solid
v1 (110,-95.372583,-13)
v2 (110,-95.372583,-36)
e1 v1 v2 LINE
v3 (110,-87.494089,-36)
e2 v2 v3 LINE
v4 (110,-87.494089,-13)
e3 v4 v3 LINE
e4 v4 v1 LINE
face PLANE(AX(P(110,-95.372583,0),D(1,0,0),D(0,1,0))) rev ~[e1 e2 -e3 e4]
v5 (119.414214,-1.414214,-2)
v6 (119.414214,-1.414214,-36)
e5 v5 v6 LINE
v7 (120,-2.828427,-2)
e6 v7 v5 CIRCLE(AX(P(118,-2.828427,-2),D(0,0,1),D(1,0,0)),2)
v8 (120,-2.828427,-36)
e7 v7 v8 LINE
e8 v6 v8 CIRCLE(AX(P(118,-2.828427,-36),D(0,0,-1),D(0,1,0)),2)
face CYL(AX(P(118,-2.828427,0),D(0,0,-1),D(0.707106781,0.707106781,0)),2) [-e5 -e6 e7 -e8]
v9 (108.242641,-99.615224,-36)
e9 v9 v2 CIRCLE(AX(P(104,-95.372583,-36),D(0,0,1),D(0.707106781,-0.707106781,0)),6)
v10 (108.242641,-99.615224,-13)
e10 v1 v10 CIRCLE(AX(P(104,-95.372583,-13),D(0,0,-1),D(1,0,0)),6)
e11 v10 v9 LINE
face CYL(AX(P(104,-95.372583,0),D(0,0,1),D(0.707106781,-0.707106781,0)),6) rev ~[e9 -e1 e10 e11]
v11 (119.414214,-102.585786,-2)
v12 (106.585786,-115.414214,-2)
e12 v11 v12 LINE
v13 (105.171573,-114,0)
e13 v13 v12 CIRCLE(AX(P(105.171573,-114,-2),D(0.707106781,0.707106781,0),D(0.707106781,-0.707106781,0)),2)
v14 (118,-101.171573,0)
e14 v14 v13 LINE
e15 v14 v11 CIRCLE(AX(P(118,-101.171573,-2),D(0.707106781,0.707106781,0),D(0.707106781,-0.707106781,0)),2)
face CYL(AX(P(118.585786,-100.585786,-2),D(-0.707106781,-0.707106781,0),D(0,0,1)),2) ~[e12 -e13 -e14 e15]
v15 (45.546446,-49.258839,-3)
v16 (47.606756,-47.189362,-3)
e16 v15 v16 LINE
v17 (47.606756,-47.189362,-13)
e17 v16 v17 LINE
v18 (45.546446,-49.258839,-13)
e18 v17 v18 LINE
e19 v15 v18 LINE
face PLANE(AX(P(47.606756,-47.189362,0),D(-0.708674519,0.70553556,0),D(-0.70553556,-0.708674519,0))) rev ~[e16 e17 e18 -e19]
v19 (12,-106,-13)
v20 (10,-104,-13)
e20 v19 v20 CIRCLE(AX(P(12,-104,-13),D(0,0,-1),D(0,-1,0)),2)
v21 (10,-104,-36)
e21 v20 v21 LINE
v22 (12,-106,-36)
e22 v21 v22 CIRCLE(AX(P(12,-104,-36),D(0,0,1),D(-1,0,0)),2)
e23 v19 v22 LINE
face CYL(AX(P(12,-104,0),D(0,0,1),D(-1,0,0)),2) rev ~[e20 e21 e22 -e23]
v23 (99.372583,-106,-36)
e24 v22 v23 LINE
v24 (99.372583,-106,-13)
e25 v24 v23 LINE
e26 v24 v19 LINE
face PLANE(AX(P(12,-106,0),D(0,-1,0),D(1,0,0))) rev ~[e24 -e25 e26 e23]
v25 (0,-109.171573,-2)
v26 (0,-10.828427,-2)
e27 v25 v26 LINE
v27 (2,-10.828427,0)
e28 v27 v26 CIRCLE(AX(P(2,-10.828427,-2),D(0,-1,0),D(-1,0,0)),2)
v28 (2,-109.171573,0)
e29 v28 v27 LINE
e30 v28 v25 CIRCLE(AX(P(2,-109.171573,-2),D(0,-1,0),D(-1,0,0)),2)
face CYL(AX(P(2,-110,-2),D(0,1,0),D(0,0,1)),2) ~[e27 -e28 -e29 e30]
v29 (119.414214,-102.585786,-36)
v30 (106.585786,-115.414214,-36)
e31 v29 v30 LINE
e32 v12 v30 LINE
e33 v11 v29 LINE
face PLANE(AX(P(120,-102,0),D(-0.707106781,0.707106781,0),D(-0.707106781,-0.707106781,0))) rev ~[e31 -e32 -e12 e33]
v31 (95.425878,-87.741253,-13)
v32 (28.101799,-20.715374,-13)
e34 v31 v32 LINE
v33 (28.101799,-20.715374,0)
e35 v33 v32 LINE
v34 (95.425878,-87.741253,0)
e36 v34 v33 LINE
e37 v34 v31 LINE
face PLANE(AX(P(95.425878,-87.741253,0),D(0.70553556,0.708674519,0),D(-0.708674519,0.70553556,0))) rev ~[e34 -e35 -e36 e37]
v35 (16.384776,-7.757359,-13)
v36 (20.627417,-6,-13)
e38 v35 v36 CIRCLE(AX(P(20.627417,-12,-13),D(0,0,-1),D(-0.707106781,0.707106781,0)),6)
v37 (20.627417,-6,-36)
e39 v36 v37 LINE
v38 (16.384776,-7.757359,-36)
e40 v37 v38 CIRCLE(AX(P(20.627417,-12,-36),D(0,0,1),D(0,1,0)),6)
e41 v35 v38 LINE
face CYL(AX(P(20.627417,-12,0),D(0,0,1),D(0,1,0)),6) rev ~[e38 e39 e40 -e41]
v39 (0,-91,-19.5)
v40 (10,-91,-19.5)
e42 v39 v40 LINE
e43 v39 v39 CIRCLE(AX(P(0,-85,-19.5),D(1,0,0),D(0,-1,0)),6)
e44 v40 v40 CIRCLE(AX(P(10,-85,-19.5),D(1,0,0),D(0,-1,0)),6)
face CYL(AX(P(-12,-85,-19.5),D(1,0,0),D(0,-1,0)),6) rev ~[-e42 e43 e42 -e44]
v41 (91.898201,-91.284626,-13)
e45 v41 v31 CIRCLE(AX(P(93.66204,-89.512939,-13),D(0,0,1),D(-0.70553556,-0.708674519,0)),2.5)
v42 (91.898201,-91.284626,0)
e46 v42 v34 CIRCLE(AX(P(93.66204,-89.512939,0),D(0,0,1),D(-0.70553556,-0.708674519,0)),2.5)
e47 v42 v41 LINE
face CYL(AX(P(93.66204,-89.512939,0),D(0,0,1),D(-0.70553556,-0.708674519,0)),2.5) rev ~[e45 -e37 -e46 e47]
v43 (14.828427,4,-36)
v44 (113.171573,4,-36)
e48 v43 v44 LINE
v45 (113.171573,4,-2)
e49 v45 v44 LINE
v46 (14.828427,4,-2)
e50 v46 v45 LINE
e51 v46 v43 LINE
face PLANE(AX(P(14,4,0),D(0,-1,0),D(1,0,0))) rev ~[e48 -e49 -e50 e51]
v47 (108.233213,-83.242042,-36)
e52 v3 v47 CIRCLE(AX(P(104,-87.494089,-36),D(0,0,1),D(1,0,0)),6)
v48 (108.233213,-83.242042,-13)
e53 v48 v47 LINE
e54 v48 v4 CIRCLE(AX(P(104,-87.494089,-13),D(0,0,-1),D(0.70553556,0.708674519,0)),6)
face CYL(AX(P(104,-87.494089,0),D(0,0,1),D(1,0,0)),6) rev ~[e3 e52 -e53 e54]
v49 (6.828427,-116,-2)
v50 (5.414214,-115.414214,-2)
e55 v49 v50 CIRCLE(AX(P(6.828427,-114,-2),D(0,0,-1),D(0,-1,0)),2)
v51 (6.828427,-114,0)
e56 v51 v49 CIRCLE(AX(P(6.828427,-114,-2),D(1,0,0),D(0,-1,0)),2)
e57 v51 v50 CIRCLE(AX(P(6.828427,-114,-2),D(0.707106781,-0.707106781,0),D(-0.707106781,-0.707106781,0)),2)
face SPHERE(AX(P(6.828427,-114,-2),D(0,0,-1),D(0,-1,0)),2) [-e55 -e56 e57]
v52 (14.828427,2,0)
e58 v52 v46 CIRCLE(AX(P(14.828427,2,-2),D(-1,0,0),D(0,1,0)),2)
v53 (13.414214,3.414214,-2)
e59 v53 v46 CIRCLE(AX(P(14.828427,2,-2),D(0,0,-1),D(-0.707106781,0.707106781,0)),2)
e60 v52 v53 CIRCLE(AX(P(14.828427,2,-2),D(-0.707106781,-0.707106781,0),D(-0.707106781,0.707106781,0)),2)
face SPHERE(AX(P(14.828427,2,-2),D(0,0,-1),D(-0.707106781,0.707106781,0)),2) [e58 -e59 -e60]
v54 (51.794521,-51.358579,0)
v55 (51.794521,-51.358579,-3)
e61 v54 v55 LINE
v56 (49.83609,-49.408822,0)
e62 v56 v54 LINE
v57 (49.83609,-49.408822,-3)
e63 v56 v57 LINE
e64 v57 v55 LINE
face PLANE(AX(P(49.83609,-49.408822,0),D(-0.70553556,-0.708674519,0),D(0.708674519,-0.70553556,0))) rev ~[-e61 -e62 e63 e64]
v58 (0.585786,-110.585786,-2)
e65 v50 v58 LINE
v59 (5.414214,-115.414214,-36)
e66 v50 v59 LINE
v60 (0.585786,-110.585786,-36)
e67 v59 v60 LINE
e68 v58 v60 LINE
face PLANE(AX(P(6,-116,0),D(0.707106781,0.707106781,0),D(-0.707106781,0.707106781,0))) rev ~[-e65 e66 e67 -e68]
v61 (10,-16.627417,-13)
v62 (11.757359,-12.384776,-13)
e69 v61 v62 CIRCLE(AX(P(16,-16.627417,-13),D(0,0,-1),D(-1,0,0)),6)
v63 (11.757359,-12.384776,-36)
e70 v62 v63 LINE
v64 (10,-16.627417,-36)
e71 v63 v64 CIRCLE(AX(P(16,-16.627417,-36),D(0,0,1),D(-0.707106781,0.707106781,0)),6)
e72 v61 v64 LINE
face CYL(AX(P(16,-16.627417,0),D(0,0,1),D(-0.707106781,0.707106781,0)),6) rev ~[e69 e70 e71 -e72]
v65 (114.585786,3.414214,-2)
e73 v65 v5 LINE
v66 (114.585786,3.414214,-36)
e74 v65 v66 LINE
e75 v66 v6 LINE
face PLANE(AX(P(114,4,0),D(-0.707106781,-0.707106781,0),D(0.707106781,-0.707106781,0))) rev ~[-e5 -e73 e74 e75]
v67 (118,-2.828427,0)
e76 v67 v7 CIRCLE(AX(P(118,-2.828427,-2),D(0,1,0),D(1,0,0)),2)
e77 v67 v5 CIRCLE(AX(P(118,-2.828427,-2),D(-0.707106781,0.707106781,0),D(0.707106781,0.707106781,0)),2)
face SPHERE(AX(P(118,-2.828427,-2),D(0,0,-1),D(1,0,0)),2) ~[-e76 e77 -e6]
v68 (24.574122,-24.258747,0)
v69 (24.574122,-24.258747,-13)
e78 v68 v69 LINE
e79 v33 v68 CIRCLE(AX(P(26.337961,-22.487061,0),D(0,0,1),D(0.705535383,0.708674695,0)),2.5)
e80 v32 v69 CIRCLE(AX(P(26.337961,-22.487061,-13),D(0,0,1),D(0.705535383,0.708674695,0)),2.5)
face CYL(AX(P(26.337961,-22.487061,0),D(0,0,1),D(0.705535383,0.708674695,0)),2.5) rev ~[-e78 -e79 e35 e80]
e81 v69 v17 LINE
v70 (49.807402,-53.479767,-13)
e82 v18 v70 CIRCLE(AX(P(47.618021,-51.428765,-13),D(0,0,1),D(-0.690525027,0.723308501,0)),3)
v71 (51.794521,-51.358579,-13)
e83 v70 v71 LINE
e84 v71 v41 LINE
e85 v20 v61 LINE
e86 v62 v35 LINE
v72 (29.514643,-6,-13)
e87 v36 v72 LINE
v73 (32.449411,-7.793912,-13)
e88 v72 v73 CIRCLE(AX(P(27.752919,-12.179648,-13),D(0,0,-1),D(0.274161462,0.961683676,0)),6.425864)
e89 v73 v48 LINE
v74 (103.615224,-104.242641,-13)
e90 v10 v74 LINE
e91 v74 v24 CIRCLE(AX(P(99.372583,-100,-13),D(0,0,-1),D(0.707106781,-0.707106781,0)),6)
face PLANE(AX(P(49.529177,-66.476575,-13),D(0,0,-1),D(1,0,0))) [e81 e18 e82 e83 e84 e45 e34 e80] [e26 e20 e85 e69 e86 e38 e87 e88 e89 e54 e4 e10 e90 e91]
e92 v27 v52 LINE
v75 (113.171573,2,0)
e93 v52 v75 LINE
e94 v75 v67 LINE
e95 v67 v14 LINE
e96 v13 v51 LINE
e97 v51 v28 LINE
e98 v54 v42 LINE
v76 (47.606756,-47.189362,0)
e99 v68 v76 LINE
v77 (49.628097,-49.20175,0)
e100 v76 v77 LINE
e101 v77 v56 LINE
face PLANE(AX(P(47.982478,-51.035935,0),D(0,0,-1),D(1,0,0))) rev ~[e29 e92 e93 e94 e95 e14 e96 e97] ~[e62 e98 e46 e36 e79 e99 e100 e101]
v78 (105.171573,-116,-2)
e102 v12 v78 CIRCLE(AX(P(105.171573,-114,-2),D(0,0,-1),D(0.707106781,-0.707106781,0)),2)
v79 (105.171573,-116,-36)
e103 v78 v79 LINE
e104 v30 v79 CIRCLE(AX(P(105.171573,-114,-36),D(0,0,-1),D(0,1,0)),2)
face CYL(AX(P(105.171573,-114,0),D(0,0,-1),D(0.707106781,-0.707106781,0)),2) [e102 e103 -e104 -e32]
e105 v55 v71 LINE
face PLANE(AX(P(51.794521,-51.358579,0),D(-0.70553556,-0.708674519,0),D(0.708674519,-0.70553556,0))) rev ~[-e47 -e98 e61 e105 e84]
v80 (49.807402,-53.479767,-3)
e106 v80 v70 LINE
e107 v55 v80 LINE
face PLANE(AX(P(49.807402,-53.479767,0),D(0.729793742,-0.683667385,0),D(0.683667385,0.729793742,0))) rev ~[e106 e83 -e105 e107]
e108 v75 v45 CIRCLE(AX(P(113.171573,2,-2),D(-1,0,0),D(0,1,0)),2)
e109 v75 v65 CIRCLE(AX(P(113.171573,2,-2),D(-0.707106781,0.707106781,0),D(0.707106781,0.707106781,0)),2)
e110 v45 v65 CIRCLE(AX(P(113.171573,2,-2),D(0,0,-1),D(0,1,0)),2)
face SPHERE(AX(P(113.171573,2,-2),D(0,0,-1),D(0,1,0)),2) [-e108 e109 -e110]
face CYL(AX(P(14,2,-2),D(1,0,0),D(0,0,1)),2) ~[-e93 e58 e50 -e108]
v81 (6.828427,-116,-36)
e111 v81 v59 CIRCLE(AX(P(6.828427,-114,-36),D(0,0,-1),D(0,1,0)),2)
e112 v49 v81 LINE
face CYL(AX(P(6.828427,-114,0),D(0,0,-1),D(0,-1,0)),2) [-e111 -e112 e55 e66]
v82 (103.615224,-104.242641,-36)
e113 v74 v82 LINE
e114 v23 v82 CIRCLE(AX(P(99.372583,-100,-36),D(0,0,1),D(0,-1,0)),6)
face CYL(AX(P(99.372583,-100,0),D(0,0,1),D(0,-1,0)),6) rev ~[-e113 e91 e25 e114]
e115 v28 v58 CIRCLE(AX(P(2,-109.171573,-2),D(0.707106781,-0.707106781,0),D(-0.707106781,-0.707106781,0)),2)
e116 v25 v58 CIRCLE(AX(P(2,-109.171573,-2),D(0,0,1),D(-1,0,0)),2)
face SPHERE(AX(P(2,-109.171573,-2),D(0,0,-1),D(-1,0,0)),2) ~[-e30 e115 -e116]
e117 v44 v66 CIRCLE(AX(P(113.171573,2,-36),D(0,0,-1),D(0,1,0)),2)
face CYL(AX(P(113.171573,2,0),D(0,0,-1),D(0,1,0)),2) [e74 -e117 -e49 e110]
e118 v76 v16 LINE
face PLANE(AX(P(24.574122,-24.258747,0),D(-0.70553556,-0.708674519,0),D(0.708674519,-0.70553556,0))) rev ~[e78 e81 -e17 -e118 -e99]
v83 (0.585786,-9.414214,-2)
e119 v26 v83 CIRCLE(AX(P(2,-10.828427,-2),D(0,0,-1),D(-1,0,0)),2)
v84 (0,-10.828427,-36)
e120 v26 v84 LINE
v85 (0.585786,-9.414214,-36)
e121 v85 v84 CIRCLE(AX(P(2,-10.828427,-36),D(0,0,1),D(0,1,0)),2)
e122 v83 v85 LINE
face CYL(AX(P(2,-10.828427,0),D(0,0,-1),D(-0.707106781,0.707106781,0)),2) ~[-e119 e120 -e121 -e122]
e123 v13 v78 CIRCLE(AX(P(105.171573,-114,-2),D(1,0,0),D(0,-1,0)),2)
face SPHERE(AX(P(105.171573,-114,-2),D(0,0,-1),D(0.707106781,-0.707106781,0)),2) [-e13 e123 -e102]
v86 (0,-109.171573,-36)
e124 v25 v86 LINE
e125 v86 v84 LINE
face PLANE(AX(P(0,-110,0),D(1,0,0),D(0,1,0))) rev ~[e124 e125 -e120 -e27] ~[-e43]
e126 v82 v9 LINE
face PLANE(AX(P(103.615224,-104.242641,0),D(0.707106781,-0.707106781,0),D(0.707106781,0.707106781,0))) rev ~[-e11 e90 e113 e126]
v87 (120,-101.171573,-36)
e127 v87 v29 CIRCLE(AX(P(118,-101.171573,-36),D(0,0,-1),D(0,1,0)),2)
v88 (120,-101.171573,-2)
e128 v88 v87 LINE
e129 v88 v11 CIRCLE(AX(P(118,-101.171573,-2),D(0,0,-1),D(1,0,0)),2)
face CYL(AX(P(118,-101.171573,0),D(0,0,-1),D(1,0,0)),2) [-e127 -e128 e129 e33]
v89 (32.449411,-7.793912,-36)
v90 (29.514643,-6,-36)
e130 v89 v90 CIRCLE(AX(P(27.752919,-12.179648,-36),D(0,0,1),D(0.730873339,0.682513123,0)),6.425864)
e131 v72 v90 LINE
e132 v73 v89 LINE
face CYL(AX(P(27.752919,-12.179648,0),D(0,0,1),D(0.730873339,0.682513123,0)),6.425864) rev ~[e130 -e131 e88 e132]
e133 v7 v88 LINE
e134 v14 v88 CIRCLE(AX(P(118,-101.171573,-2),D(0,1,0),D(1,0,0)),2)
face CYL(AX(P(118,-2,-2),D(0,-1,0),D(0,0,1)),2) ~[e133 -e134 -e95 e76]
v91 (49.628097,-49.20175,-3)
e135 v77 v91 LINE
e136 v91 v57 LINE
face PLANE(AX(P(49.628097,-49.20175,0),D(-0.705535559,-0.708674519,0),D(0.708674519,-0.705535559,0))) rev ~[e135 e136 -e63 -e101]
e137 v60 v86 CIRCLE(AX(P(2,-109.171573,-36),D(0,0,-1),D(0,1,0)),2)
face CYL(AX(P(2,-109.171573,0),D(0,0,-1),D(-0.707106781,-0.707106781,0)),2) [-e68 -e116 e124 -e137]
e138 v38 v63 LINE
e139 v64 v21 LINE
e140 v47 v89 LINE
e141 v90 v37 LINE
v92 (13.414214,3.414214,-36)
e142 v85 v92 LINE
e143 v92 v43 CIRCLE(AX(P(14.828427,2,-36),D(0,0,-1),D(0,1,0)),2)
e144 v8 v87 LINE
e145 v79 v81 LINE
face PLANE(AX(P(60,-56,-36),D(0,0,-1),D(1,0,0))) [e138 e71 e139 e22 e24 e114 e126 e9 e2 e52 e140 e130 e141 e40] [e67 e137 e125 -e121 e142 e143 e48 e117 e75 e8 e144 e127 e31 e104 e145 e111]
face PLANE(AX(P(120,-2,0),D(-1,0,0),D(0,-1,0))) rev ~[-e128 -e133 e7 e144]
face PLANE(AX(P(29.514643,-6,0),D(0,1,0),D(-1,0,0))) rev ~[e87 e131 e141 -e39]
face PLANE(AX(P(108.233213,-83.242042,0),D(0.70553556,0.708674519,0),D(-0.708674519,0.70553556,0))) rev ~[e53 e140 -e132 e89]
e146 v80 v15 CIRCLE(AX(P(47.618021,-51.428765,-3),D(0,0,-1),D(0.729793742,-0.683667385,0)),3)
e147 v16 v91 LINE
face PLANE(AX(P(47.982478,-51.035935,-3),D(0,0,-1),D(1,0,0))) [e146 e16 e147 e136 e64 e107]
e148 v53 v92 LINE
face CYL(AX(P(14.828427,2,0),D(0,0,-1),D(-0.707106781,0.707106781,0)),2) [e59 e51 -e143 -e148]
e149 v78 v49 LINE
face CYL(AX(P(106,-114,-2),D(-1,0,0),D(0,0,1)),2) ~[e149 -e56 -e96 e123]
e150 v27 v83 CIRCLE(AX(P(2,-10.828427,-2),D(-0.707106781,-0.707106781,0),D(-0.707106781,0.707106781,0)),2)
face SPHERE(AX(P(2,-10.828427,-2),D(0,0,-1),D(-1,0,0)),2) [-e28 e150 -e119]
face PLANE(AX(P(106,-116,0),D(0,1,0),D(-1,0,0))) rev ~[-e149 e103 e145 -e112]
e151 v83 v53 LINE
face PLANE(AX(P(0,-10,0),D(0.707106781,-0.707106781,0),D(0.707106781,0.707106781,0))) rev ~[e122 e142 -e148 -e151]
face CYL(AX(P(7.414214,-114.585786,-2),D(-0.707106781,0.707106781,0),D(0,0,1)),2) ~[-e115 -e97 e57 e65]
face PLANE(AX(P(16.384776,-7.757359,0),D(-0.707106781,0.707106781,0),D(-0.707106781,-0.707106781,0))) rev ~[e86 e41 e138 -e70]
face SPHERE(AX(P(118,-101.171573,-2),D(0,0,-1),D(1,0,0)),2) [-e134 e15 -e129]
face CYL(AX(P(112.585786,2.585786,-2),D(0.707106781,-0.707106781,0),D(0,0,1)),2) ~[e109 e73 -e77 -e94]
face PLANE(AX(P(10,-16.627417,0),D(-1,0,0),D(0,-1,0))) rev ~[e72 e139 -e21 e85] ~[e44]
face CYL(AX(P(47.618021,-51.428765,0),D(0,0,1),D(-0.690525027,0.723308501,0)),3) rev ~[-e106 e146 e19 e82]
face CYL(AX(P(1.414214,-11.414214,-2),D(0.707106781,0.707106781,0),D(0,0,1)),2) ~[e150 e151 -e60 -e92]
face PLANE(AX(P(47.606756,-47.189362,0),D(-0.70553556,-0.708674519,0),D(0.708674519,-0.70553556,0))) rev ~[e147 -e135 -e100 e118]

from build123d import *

# Parameters (mm, degrees)
F1_DEPTH = 13
F2_DEPTH = 36
F3_DEPTH = 3
F4_R     = 2
F6_D     = 12
F6_DEPTH = 12
F6_TIP   = 3.6051637142
F7_ANGLE = 180


with BuildPart() as f1:
    # F0 (on Top) → F1 (new body)
    with BuildSketch(Plane.XY):
        with BuildLine():
            ThreePointArc((29.5146428337, 10), (31.1042871443, 10.6969432761), (32.4494111737, 11.7939119674))
            Line((32.4494111737, 11.7939119674), (108.2332133573, 87.2420420008))
            ThreePointArc((108.2332133573, 87.2420420008), (109.5407255907, 89.1918380595), (110, 91.4940891162))
            Line((110, 91.4940891162), (110, 99.372583002))
            ThreePointArc((110, 99.372583002), (109.5432771951, 101.6686835962), (108.2426406871, 103.6152236891))
            Line((108.2426406871, 103.6152236891), (103.6152236891, 108.2426406871))
            ThreePointArc((103.6152236891, 108.2426406871), (101.6686835962, 109.5432771951), (99.372583002, 110))
            Line((99.372583002, 110), (12, 110))
            ThreePointArc((12, 110), (10.5857864376, 109.4142135624), (10, 108))
            Line((10, 108), (10, 20.627416998))
            ThreePointArc((10, 20.627416998), (10.4567228049, 18.3313164038), (11.7573593129, 16.3847763109))
            Line((11.7573593129, 16.3847763109), (16.3847763109, 11.7573593129))
            ThreePointArc((16.3847763109, 11.7573593129), (18.3313164038, 10.4567228049), (20.627416998, 10))
            Line((20.627416998, 10), (29.5146428337, 10))
        make_face()
        with BuildLine():
            ThreePointArc((91.8982009854, 95.2846255964), (95.433726402, 95.2767779765), (95.4258783418, 91.7412525609))
            Line((95.4258783418, 91.7412525609), (28.1017990146, 24.7153744036))
            ThreePointArc((28.1017990146, 24.7153744036), (24.5662740393, 24.7232224629), (24.5741216582, 28.2587474391))
            Line((24.5741216582, 28.2587474391), (47.6067560594, 51.1893624946))
            Line((47.6067560594, 51.1893624946), (45.5464457109, 53.2588392572))
            ThreePointArc((45.5464457109, 53.2588392572), (45.506735129, 57.5600725399), (49.8074020179, 57.4797669158))
            Line((49.8074020179, 57.4797669158), (51.794521287, 55.3585786904))
            Line((51.794521287, 55.3585786904), (91.8982009854, 95.2846255964))
        make_face(mode=Mode.SUBTRACT)
    extrude(amount=F1_DEPTH)

    # F0 (on Top) → F2 (join)
    with BuildSketch(Plane.XY):
        Polygon((0, 14), (14, 0), (114, 0), (120, 6), (120, 106), (106, 120), (6, 120), (0, 114), align=None)
        with BuildLine():
            Line((108.2332133573, 87.2420420008), (32.4494111737, 11.7939119674))
            ThreePointArc((32.4494111737, 11.7939119674), (31.1042871443, 10.6969432761), (29.5146428337, 10))
            Line((29.5146428337, 10), (20.627416998, 10))
            ThreePointArc((20.627416998, 10), (18.3313164038, 10.4567228049), (16.3847763109, 11.7573593129))
            Line((16.3847763109, 11.7573593129), (11.7573593129, 16.3847763109))
            ThreePointArc((11.7573593129, 16.3847763109), (10.4567228049, 18.3313164038), (10, 20.627416998))
            Line((10, 20.627416998), (10, 108))
            ThreePointArc((10, 108), (10.5857864376, 109.4142135624), (12, 110))
            Line((12, 110), (99.372583002, 110))
            ThreePointArc((99.372583002, 110), (101.6686835962, 109.5432771951), (103.6152236891, 108.2426406871))
            Line((103.6152236891, 108.2426406871), (108.2426406871, 103.6152236891))
            ThreePointArc((108.2426406871, 103.6152236891), (109.5432771951, 101.6686835962), (110, 99.372583002))
            Line((110, 99.372583002), (110, 91.4940891162))
            ThreePointArc((110, 91.4940891162), (109.5407255907, 89.1918380595), (108.2332133573, 87.2420420008))
        make_face(mode=Mode.SUBTRACT)
    extrude(amount=F2_DEPTH)

    # F0 (on Top) → F3 (join)
    with BuildSketch(Plane.XY):
        with BuildLine():
            Line((49.8360901626, 53.4088221213), (51.794521287, 55.3585786904))
            Line((51.794521287, 55.3585786904), (49.8074020179, 57.4797669158))
            ThreePointArc((49.8074020179, 57.4797669158), (45.506735129, 57.5600725399), (45.5464457109, 53.2588392572))
            Line((45.5464457109, 53.2588392572), (47.6067560594, 51.1893624946))
            Line((47.6067560594, 51.1893624946), (49.6280971878, 53.201750418))
            Line((49.6280971878, 53.201750418), (49.8360901626, 53.4088221213))
        make_face()
    extrude(amount=F3_DEPTH)

    # F4
    f4_edges = [f1.edges().sort_by_distance(p)[0] for p in [
        (56, 120, 0),
        (106, 120, 18),
        (120, 106, 18),
        (120, 56, 0),
        (113, 113, 0),
        (117, 3, 0),
        (114, 0, 18),
        (120, 6, 18),
        (64, 0, 0),
        (14, 0, 18),
        (7, 7, 0),
        (0, 14, 18),
        (0, 64, 0),
        (3, 117, 0),
        (0, 114, 18),
        (6, 120, 18),
    ]]
    fillet(f4_edges, radius=F4_R)

    # F6
    with Locations(Plane(origin=(0, 0, 0), x_dir=(0, -1, 0), z_dir=(-1, 0, 0))):
        with Locations((-89, 19.5)):
            Hole(F6_D / 2, depth=F6_DEPTH)
            with Locations((0, 0, -(F6_DEPTH + F6_TIP / 2))):  # 118° drill point
                Cone(0, F6_D / 2, F6_TIP, mode=Mode.SUBTRACT)


with BuildPart() as f1_1:
    # F7: moved
    add(f1.part.rotate(Axis((64, 2, 0), (-1, 0, 0)), F7_ANGLE))


solid = f1_1.part
